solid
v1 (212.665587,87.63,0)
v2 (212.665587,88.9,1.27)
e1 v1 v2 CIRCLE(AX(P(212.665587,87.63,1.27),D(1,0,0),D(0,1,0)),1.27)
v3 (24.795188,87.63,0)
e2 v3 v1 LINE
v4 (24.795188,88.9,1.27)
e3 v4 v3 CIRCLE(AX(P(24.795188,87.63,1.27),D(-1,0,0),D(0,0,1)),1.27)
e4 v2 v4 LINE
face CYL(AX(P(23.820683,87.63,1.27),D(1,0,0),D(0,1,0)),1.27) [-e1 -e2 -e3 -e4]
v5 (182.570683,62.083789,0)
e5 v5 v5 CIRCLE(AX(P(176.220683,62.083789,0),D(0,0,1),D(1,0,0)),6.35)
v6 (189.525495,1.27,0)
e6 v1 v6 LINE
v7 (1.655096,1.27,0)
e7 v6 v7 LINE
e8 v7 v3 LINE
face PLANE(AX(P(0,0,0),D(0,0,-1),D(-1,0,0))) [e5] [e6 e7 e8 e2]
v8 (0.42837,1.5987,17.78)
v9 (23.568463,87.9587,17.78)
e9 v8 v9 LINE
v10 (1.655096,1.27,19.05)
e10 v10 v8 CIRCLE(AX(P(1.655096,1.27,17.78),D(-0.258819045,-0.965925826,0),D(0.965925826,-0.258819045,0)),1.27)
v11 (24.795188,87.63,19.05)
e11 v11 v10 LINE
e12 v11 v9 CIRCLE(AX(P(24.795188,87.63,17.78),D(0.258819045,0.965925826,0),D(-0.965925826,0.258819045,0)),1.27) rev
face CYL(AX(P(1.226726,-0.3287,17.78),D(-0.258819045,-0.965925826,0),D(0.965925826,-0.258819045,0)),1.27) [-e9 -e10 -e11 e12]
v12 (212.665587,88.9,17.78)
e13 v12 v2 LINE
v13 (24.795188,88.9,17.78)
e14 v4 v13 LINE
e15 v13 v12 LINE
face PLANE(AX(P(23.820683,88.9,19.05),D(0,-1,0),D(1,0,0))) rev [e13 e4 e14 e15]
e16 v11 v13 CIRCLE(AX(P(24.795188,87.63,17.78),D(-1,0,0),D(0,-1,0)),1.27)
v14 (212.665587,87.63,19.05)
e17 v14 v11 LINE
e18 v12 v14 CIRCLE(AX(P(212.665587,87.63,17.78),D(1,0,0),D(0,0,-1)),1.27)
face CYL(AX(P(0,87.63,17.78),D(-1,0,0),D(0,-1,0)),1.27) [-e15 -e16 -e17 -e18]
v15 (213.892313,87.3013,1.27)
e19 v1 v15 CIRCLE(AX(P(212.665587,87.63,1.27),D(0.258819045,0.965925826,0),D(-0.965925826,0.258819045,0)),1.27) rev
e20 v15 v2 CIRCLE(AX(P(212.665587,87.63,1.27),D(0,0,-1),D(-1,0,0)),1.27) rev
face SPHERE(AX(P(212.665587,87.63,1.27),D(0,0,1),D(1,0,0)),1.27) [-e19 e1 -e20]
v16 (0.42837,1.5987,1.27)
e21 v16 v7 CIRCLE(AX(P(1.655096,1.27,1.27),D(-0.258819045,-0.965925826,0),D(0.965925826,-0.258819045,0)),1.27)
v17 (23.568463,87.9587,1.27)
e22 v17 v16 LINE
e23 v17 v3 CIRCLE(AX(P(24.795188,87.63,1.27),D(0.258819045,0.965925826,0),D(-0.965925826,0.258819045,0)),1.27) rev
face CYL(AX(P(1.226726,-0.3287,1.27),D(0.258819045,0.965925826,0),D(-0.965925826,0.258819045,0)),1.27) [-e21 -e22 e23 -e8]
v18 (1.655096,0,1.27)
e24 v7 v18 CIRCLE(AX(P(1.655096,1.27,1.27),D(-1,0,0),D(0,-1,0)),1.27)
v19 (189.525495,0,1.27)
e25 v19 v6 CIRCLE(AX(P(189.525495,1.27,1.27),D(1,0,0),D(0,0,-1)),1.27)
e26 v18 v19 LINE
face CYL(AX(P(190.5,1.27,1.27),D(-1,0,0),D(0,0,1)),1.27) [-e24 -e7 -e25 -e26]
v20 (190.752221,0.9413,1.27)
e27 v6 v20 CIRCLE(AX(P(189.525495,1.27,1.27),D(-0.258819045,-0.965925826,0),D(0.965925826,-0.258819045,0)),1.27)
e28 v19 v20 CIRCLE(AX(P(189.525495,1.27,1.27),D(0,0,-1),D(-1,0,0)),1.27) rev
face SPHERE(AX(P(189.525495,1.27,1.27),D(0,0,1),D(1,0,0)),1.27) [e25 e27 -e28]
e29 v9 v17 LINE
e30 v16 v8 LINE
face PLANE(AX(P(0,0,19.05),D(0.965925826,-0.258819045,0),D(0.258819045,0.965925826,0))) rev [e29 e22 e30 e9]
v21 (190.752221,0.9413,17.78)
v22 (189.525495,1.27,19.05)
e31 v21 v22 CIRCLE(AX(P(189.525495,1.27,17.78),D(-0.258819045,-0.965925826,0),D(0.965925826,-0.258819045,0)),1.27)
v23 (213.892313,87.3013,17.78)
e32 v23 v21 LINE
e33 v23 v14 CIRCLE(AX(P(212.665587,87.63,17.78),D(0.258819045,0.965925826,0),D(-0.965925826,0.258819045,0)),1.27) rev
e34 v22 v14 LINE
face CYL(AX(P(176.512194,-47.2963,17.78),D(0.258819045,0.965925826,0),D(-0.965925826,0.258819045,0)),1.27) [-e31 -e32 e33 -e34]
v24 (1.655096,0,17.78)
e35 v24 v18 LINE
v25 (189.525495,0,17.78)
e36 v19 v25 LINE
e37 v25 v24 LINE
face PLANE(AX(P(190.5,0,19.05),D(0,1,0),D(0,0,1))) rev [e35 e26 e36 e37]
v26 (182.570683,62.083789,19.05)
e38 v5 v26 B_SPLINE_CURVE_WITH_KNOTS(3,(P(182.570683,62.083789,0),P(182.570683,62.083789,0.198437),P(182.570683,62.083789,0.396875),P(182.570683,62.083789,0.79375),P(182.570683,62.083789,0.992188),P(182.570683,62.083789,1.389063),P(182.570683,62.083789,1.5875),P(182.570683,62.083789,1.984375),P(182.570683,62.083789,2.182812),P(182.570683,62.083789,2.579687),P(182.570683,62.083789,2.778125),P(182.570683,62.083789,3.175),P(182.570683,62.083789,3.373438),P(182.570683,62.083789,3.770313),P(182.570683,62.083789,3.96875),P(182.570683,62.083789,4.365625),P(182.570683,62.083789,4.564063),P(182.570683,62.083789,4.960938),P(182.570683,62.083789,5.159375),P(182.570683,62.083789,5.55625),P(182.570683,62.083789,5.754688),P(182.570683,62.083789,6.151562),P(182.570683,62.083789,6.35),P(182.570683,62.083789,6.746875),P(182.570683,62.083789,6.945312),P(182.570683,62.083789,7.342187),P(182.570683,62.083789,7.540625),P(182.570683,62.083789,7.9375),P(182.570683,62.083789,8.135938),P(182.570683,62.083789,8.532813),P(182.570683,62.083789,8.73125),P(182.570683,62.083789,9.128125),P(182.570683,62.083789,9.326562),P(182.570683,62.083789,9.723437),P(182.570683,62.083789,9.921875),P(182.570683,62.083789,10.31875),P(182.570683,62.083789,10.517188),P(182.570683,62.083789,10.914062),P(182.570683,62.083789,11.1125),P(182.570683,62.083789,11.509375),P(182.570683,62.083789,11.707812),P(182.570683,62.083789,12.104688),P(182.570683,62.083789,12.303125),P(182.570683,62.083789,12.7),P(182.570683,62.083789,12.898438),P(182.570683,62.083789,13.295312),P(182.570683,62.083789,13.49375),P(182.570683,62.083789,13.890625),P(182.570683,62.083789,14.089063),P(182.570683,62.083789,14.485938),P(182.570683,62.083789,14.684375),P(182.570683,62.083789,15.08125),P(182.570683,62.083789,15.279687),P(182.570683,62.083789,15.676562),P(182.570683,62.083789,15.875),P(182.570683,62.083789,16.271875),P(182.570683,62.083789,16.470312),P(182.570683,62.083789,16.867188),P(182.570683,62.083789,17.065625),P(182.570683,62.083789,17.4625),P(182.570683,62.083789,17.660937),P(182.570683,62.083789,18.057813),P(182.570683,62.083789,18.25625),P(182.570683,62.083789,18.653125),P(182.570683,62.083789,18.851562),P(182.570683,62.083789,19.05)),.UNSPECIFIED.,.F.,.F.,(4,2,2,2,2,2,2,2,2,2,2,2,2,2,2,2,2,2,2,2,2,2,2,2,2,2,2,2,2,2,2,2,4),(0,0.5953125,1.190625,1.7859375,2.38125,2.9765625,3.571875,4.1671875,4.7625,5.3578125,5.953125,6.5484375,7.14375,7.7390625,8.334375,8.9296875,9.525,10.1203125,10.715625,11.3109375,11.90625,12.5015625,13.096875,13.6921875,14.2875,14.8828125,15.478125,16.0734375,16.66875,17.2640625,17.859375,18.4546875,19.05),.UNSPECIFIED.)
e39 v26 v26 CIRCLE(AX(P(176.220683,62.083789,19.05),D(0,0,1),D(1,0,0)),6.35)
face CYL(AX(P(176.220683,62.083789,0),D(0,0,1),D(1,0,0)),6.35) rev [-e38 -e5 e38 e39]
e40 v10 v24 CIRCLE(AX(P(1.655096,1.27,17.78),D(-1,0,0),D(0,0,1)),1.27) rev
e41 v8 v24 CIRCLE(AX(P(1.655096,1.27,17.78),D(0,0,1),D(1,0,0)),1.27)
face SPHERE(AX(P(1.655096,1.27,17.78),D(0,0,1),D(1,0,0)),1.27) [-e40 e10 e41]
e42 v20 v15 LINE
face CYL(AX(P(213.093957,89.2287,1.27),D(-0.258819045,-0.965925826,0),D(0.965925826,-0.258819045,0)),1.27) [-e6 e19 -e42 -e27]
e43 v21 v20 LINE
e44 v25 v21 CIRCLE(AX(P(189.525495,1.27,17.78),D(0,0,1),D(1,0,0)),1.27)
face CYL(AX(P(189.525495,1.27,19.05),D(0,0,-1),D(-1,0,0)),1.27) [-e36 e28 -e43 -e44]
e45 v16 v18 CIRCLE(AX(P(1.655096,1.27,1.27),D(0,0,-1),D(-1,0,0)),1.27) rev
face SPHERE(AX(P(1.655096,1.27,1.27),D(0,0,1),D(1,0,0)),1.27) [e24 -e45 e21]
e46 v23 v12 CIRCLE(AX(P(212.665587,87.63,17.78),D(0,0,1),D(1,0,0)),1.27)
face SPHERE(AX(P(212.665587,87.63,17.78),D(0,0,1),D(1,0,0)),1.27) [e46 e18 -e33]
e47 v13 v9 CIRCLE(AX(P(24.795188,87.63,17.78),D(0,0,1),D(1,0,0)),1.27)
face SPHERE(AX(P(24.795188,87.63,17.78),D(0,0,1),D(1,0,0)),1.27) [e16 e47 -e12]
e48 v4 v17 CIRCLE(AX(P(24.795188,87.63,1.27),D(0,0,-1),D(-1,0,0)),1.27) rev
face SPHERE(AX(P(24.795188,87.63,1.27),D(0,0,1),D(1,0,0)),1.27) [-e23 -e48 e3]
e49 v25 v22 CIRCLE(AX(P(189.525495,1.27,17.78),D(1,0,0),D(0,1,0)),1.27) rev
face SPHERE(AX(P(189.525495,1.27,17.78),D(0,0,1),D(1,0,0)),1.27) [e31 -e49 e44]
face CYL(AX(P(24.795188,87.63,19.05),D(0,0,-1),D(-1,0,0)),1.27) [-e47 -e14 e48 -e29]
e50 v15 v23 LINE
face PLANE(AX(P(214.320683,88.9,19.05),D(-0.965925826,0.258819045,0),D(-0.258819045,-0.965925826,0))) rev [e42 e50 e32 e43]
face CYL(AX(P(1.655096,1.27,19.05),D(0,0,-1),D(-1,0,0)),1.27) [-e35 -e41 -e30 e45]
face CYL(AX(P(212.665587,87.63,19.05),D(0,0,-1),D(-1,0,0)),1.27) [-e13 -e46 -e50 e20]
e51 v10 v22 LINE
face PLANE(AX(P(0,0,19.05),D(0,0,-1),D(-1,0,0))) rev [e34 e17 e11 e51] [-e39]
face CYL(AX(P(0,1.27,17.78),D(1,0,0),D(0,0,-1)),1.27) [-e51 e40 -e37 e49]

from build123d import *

# Parameters (mm, degrees)
BOSS_EXTRUDE1_DEPTH = 19.05
SKETCH2_R           = 6.35
CUT_EXTRUDE1_DEPTH  = 19.05
FILLET1_R           = 1.27


with BuildPart() as part:
    # Sketch1 → Boss-Extrude1 (new body)
    with BuildSketch(Plane.XY):
        Polygon((0, 0), (23.820683207, 88.9), (214.320683207, 88.9), (190.5, 0), align=None)
    extrude(amount=BOSS_EXTRUDE1_DEPTH)

    # Sketch2 → Cut-Extrude1 (cut)
    with BuildSketch(Plane.XY.offset(19.05)):
        with Locations((176.220683207, 62.083789013)):
            Circle(SKETCH2_R)
    extrude(amount=-CUT_EXTRUDE1_DEPTH, mode=Mode.SUBTRACT)

    # Fillet1
    fillet1_edges = [part.edges().sort_by_distance(p)[0] for p in [
        (119.070683207, 88.9, 19.05),
        (11.910341604, 44.45, 19.05),
        (95.25, 0, 19.05),
        (11.910341604, 44.45, 0),
        (119.070683207, 88.9, 0),
        (202.410341604, 44.45, 0),
        (95.25, 0, 0),
        (0, 0, 9.525),
        (23.820683207, 88.9, 9.525),
        (214.320683207, 88.9, 9.525),
        (190.5, 0, 9.525),
        (202.410341604, 44.45, 19.05),
    ]]
    fillet(fillet1_edges, radius=FILLET1_R)


solid = part.part
